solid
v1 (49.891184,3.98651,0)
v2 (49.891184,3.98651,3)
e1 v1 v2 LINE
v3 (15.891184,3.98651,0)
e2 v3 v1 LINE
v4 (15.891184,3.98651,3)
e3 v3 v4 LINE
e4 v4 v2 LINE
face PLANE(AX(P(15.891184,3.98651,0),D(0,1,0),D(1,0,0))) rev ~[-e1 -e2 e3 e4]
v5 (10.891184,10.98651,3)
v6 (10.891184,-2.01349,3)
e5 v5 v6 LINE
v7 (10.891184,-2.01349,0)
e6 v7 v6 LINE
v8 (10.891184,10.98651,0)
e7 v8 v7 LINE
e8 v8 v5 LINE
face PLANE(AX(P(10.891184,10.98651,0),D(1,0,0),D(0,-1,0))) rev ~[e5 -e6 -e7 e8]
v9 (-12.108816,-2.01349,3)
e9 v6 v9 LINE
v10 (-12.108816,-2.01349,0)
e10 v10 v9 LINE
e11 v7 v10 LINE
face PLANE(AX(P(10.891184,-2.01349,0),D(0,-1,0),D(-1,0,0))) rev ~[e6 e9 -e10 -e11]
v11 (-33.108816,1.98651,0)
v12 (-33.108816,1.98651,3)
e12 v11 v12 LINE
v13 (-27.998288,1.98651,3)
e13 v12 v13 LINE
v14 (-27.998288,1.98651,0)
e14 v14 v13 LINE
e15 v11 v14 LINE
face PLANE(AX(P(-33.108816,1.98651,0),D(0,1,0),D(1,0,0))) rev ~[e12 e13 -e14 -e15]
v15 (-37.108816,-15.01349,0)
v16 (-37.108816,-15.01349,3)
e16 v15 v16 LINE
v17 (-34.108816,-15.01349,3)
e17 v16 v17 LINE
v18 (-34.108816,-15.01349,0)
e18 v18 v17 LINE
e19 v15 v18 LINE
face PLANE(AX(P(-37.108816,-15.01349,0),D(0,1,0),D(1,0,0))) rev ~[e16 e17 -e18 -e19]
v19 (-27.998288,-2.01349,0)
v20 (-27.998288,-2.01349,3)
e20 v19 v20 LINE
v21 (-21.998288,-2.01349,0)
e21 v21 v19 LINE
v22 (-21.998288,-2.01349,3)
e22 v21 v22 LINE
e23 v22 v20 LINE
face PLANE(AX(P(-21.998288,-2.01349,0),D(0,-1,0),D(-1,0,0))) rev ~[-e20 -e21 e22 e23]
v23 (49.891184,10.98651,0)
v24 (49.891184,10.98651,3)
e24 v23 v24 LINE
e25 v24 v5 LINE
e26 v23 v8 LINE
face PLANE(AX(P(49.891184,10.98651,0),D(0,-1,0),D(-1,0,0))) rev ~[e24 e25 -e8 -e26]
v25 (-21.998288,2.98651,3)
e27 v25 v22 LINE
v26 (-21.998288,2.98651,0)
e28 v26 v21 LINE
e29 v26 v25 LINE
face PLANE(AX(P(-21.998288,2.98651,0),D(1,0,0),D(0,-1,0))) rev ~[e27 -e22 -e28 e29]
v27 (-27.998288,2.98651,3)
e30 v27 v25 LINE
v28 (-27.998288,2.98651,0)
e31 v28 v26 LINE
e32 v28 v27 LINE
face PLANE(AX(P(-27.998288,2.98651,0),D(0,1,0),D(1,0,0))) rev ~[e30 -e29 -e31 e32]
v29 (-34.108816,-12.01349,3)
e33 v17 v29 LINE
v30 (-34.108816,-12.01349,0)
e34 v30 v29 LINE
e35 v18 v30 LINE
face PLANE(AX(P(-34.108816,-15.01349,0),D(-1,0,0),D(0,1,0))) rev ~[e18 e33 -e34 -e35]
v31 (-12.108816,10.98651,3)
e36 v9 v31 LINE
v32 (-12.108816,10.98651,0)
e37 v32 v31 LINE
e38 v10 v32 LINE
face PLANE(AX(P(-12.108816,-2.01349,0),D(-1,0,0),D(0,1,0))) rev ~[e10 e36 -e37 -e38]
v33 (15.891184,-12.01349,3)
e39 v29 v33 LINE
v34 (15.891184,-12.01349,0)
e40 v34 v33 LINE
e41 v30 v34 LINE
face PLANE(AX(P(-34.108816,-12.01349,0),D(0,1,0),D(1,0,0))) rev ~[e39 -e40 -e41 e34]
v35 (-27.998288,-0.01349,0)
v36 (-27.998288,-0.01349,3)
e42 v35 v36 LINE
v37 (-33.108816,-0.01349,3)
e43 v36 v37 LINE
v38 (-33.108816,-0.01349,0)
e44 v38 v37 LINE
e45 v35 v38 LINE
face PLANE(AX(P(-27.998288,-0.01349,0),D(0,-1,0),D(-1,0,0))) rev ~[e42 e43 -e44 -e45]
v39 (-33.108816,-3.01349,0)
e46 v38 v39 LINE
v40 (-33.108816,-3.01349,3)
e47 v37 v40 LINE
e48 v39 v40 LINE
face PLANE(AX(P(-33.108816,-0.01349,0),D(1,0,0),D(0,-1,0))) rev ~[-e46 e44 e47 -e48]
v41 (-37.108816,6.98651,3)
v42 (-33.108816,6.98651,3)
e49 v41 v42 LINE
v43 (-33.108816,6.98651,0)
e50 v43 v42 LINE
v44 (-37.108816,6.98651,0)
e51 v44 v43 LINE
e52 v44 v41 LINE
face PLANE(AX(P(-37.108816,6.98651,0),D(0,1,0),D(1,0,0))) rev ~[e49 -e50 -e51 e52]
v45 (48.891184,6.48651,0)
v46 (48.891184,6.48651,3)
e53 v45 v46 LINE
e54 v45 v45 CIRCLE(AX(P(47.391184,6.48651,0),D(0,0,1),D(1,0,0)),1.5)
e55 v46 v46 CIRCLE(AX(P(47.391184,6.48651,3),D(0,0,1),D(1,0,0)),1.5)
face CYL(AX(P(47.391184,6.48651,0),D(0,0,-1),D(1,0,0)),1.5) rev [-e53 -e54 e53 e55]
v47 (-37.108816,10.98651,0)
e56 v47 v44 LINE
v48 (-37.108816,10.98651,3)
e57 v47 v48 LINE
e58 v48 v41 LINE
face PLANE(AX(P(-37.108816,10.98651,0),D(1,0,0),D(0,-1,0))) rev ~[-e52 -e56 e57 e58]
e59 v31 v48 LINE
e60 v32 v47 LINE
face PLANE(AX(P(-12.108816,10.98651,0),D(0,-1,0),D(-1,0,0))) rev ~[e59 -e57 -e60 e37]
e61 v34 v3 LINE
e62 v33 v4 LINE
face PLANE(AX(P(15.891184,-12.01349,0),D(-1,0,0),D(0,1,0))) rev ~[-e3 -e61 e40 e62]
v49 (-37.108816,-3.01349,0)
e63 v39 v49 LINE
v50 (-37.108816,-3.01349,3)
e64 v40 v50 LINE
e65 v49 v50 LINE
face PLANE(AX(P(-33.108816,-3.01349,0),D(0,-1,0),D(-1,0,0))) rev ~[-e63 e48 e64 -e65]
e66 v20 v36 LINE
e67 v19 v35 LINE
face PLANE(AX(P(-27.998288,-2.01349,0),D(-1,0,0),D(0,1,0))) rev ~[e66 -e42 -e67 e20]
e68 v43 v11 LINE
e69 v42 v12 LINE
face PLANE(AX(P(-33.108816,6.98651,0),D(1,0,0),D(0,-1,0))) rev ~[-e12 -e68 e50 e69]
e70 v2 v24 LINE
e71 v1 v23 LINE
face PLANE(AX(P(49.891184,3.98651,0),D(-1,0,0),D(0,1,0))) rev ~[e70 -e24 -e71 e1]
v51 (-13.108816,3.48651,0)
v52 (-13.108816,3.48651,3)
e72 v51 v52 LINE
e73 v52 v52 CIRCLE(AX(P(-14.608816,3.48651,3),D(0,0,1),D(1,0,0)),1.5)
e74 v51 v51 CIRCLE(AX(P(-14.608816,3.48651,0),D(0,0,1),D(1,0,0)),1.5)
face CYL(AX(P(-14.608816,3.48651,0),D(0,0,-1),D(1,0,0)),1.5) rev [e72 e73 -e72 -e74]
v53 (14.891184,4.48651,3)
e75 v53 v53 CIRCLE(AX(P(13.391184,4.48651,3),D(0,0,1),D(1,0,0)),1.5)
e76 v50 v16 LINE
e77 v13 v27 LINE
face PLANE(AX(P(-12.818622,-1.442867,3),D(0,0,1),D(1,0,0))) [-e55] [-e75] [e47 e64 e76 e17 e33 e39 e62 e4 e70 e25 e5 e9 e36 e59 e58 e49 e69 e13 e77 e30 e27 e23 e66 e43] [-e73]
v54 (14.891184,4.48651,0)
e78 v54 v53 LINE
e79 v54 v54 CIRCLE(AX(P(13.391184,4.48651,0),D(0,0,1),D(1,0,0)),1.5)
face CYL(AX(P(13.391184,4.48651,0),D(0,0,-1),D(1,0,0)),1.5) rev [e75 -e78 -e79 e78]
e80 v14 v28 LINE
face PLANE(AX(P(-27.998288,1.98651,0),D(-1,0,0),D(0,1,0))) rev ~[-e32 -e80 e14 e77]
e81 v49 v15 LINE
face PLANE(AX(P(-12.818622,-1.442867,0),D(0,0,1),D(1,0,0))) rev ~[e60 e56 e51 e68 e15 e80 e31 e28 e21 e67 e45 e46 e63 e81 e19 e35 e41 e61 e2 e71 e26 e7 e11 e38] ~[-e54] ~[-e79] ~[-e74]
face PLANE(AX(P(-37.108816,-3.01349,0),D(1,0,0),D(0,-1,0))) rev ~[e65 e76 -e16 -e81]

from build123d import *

# Parameters (mm, degrees)
F0_R     = 1.5
F0_W     = 34
F0_H     = 7
F1_DEPTH = 3


with BuildPart() as f1:
    # F0 (on Top) → F1 (new body)
    with BuildSketch(Plane.XY):
        Polygon((-37.1088162065, -3.0134898722), (-37.1088162065, -15.0134898722), (-34.1088162065, -15.0134898722), (-34.1088162065, -12.0134898722), (15.8911837935, -12.0134898722), (15.8911837935, 3.9865101278), (15.8911837935, 10.9865101278), (10.8911837935, 10.9865101278), (10.8911837935, -2.0134898722), (-12.1088162065, -2.0134898722), (-12.1088162065, 10.9865101278), (-37.1088162065, 10.9865101278), (-37.1088162065, 6.9865101278), (-33.1088162065, 6.9865101278), (-33.1088162065, 1.9865101278), (-27.9982879013, 1.9865101278), (-27.9982879013, 2.9865101278), (-21.9982879013, 2.9865101278), (-21.9982879013, -2.0134898722), (-27.9982879013, -2.0134898722), (-27.9982879013, -0.0134898722), (-33.1088162065, -0.0134898722), (-33.1088162065, -3.0134898722), align=None)
        with Locations((-14.6088162065, 3.4865101278)):
            Circle(F0_R, mode=Mode.SUBTRACT)
        with Locations((13.3911837935, 4.4865101278)):
            Circle(F0_R, mode=Mode.SUBTRACT)
        with Locations((32.8911837935, 7.4865101278)):
            Rectangle(F0_W, F0_H)
        with Locations((47.3911837935, 6.4865101278)):
            Circle(F0_R, mode=Mode.SUBTRACT)
    extrude(amount=F1_DEPTH)


solid = f1.part
